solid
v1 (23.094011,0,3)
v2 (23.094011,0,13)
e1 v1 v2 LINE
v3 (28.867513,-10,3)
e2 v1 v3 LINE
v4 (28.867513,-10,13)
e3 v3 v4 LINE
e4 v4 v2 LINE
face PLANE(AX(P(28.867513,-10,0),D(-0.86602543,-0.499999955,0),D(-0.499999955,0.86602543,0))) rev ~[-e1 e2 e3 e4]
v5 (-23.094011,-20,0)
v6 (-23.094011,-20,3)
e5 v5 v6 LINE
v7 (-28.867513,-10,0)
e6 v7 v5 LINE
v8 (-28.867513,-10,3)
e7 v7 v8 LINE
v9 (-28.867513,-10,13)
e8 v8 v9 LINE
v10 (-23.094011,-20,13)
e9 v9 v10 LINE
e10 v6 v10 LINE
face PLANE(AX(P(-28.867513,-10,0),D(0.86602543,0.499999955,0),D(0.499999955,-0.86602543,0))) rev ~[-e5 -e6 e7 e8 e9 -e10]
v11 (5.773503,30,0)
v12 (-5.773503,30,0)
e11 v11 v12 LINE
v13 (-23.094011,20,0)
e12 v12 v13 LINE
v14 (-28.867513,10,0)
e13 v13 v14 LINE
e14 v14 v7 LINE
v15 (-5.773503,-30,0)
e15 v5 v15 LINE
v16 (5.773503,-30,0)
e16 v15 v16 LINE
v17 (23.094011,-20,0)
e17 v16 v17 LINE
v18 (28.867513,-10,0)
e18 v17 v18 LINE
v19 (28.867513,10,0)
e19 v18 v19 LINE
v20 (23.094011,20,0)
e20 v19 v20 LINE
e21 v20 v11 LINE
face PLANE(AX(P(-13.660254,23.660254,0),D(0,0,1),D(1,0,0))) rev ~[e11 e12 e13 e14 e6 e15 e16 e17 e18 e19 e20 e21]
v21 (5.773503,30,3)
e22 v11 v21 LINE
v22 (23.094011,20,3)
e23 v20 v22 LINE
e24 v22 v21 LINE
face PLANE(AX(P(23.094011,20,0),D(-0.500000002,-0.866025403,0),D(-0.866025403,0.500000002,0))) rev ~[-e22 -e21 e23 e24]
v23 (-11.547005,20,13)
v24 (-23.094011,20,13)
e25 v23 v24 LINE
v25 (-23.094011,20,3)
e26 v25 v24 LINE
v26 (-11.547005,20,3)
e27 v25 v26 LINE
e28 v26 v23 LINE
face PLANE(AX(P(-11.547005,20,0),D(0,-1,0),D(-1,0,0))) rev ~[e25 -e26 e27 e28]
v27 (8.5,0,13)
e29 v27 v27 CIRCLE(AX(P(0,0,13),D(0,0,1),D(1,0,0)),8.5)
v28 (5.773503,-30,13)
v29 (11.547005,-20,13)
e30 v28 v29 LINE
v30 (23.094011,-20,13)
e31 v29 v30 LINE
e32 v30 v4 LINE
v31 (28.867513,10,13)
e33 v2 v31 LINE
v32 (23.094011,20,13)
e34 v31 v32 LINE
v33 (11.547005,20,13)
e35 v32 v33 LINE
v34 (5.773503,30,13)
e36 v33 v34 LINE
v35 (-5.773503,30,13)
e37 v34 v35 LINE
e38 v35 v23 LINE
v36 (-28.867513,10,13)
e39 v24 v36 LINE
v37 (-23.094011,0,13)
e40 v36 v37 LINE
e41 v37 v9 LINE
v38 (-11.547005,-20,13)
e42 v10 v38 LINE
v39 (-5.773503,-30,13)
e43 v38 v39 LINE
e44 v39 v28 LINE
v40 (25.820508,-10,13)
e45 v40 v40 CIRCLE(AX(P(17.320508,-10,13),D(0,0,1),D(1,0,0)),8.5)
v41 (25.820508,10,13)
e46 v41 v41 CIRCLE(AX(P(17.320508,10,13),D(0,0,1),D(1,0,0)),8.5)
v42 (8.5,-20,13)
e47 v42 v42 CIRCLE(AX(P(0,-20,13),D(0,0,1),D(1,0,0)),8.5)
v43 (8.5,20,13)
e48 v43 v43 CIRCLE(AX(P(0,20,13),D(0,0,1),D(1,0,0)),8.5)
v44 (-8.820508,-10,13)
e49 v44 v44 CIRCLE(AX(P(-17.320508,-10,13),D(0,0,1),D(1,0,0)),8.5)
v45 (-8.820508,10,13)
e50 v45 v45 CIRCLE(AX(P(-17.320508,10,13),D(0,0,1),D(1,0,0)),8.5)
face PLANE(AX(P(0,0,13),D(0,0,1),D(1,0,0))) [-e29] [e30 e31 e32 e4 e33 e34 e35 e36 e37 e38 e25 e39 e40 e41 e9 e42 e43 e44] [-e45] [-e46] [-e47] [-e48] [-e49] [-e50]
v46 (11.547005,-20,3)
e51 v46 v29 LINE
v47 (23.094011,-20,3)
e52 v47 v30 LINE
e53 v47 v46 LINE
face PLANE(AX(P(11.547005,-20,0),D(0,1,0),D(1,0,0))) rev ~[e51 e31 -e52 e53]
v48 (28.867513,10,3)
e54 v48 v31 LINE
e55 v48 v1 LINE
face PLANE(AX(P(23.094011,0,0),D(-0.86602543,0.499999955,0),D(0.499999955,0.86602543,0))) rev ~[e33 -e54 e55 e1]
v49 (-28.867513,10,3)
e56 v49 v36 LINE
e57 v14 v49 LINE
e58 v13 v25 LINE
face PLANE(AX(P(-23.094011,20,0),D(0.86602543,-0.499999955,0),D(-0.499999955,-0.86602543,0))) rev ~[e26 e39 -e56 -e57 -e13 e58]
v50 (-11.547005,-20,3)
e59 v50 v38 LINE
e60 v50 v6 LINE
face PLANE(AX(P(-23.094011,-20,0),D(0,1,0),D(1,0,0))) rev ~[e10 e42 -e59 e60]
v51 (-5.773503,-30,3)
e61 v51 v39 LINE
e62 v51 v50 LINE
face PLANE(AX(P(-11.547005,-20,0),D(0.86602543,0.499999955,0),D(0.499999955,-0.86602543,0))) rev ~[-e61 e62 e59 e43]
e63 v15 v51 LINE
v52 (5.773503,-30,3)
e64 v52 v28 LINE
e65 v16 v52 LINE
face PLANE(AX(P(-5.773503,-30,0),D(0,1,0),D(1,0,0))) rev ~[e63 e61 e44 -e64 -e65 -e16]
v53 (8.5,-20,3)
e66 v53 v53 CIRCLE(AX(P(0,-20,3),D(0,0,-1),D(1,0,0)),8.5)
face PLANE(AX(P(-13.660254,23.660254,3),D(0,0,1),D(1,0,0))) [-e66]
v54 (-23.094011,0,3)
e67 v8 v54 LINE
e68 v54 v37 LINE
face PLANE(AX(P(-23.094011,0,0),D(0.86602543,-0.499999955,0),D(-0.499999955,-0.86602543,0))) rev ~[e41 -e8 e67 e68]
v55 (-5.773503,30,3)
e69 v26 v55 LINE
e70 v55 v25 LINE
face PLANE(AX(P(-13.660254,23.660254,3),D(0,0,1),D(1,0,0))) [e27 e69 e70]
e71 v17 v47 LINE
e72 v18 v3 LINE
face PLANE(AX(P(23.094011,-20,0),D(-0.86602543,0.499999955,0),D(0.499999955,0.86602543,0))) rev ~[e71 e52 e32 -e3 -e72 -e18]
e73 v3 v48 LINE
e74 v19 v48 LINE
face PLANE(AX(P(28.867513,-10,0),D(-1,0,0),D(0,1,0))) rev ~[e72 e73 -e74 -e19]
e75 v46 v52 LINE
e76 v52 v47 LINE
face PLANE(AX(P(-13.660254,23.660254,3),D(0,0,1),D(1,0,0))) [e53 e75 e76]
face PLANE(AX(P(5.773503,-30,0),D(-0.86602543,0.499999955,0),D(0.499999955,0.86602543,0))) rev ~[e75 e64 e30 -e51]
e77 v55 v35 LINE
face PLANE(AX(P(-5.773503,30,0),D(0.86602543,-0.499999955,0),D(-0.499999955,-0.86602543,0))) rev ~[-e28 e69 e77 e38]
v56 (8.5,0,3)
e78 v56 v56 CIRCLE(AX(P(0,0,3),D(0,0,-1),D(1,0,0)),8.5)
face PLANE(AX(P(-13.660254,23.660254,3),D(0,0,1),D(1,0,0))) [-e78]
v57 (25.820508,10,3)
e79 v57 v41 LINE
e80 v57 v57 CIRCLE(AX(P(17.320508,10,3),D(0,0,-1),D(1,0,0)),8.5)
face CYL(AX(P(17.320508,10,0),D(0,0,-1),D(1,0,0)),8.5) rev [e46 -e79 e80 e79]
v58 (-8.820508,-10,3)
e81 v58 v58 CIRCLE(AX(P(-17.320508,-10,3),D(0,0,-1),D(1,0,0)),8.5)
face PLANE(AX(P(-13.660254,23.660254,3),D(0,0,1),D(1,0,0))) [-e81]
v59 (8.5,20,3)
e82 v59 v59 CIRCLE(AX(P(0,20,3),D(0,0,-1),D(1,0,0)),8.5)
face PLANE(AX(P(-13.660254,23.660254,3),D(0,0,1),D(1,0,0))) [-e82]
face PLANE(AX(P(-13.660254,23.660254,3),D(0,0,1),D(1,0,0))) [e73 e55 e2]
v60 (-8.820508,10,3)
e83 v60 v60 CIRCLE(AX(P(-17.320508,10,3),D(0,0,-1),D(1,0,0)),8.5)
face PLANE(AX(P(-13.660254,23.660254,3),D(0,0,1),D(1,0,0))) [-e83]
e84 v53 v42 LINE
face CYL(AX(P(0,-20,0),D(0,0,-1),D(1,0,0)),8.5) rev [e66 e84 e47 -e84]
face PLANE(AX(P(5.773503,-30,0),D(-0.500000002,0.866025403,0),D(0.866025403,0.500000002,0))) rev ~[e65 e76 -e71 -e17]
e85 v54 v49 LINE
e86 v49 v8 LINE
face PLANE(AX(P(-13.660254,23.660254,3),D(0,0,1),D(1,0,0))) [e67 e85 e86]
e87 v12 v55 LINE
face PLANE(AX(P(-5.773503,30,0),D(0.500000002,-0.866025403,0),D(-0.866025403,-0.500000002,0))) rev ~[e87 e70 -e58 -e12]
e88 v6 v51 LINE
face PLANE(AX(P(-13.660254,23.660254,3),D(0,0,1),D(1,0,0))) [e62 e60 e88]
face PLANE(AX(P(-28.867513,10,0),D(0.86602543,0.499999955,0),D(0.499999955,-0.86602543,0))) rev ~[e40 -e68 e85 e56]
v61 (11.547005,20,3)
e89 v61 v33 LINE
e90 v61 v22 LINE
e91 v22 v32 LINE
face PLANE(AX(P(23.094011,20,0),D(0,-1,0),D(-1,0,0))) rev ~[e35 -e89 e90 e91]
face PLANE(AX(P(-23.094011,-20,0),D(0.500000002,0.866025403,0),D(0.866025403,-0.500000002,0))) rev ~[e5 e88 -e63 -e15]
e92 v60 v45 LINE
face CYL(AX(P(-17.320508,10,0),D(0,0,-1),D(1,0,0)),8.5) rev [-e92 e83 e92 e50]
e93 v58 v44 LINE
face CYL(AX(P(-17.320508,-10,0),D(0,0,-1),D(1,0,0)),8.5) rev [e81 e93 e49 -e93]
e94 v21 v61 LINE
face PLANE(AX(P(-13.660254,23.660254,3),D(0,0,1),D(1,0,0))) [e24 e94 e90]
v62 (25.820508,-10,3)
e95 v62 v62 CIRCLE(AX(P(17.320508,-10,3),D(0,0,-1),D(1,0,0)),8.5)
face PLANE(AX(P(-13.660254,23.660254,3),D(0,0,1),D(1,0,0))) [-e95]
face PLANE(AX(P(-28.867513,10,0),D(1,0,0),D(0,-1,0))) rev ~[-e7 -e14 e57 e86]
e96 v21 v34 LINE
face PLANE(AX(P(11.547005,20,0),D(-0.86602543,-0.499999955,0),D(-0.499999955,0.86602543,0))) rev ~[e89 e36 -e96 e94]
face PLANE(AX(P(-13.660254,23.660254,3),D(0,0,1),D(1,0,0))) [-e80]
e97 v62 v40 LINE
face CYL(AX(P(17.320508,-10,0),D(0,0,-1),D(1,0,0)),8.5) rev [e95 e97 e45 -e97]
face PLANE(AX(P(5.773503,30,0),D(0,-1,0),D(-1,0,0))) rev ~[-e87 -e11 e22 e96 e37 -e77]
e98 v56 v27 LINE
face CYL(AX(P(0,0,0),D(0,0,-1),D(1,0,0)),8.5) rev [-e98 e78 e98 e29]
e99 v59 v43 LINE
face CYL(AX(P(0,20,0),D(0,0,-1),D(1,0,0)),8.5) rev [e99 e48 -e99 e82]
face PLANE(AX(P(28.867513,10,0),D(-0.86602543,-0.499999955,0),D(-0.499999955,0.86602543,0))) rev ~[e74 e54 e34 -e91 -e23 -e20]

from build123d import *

# Parameters (mm, degrees)
F0_R     = 8.5
F1_DEPTH = 3
F2_DEPTH = 13


with BuildPart() as f1:
    # F0 (on Top) → F1 (new body)
    with BuildSketch(Plane.XY):
        Polygon((-23.094011, 20), (-11.547005, 20), (-5.773503, 30), align=None)
        Polygon((5.773503, 30), (11.547005, 20), (23.094011, 20), align=None)
        Polygon((11.547005, 20), (5.773503, 10), (11.547005, 0), (23.094011, 0), (28.867513, 10), (23.094011, 20), align=None)
        with Locations((17.320508, 10)):
            Circle(F0_R, mode=Mode.SUBTRACT)
        Polygon((-5.773503, -30), (-11.547005, -20), (-23.094011, -20), align=None)
        Polygon((23.094011, 0), (11.547005, 0), (5.773503, -10), (11.547005, -20), (23.094011, -20), (28.867513, -10), align=None)
        with Locations((17.320508, -10)):
            Circle(F0_R, mode=Mode.SUBTRACT)
        Polygon((28.867513, 10), (23.094011, 0), (28.867513, -10), align=None)
        Polygon((-28.867513, -10), (-23.094011, 0), (-28.867513, 10), align=None)
        Polygon((-11.547005, 20), (-5.773503, 10), (5.773503, 10), (11.547005, 20), (5.773503, 30), (-5.773503, 30), align=None)
        with Locations((0, 20)):
            Circle(F0_R, mode=Mode.SUBTRACT)
        Polygon((5.773503, 10), (-5.773503, 10), (-11.547005, 0), (-5.773503, -10), (5.773503, -10), (11.547005, 0), align=None)
        Circle(F0_R, mode=Mode.SUBTRACT)
        Polygon((5.773503, -10), (-5.773503, -10), (-11.547005, -20), (-5.773503, -30), (5.773503, -30), (11.547005, -20), align=None)
        with Locations((0, -20)):
            Circle(F0_R, mode=Mode.SUBTRACT)
        Polygon((23.094011, -20), (11.547005, -20), (5.773503, -30), align=None)
        Polygon((-5.773503, -10), (-11.547005, 0), (-23.094011, 0), (-28.867513, -10), (-23.094011, -20), (-11.547005, -20), align=None)
        with Locations((-17.320508, -10)):
            Circle(F0_R, mode=Mode.SUBTRACT)
        Polygon((-11.547005, 0), (-5.773503, 10), (-11.547005, 20), (-23.094011, 20), (-28.867513, 10), (-23.094011, 0), align=None)
        with Locations((-17.320508, 10)):
            Circle(F0_R, mode=Mode.SUBTRACT)
        with Locations((0, 20)):
            Circle(F0_R)
        with Locations((17.320508, 10)):
            Circle(F0_R)
        Circle(F0_R)
        with Locations((17.320508, -10)):
            Circle(F0_R)
        with Locations((0, -20)):
            Circle(F0_R)
        with Locations((-17.320508, -10)):
            Circle(F0_R)
        with Locations((-17.320508, 10)):
            Circle(F0_R)
    extrude(amount=F1_DEPTH)

    # F0 (on Top) → F2 (join)
    with BuildSketch(Plane.XY):
        Polygon((5.773503, 10), (-5.773503, 10), (-11.547005, 0), (-5.773503, -10), (5.773503, -10), (11.547005, 0), align=None)
        Circle(F0_R, mode=Mode.SUBTRACT)
        Polygon((-5.773503, -10), (-11.547005, 0), (-23.094011, 0), (-28.867513, -10), (-23.094011, -20), (-11.547005, -20), align=None)
        with Locations((-17.320508, -10)):
            Circle(F0_R, mode=Mode.SUBTRACT)
        Polygon((-11.547005, 20), (-5.773503, 10), (5.773503, 10), (11.547005, 20), (5.773503, 30), (-5.773503, 30), align=None)
        with Locations((0, 20)):
            Circle(F0_R, mode=Mode.SUBTRACT)
        Polygon((5.773503, -10), (-5.773503, -10), (-11.547005, -20), (-5.773503, -30), (5.773503, -30), (11.547005, -20), align=None)
        with Locations((0, -20)):
            Circle(F0_R, mode=Mode.SUBTRACT)
        Polygon((23.094011, 0), (11.547005, 0), (5.773503, -10), (11.547005, -20), (23.094011, -20), (28.867513, -10), align=None)
        with Locations((17.320508, -10)):
            Circle(F0_R, mode=Mode.SUBTRACT)
        Polygon((11.547005, 20), (5.773503, 10), (11.547005, 0), (23.094011, 0), (28.867513, 10), (23.094011, 20), align=None)
        with Locations((17.320508, 10)):
            Circle(F0_R, mode=Mode.SUBTRACT)
        Polygon((-11.547005, 0), (-5.773503, 10), (-11.547005, 20), (-23.094011, 20), (-28.867513, 10), (-23.094011, 0), align=None)
        with Locations((-17.320508, 10)):
            Circle(F0_R, mode=Mode.SUBTRACT)
    extrude(amount=F2_DEPTH)


solid = f1.part
